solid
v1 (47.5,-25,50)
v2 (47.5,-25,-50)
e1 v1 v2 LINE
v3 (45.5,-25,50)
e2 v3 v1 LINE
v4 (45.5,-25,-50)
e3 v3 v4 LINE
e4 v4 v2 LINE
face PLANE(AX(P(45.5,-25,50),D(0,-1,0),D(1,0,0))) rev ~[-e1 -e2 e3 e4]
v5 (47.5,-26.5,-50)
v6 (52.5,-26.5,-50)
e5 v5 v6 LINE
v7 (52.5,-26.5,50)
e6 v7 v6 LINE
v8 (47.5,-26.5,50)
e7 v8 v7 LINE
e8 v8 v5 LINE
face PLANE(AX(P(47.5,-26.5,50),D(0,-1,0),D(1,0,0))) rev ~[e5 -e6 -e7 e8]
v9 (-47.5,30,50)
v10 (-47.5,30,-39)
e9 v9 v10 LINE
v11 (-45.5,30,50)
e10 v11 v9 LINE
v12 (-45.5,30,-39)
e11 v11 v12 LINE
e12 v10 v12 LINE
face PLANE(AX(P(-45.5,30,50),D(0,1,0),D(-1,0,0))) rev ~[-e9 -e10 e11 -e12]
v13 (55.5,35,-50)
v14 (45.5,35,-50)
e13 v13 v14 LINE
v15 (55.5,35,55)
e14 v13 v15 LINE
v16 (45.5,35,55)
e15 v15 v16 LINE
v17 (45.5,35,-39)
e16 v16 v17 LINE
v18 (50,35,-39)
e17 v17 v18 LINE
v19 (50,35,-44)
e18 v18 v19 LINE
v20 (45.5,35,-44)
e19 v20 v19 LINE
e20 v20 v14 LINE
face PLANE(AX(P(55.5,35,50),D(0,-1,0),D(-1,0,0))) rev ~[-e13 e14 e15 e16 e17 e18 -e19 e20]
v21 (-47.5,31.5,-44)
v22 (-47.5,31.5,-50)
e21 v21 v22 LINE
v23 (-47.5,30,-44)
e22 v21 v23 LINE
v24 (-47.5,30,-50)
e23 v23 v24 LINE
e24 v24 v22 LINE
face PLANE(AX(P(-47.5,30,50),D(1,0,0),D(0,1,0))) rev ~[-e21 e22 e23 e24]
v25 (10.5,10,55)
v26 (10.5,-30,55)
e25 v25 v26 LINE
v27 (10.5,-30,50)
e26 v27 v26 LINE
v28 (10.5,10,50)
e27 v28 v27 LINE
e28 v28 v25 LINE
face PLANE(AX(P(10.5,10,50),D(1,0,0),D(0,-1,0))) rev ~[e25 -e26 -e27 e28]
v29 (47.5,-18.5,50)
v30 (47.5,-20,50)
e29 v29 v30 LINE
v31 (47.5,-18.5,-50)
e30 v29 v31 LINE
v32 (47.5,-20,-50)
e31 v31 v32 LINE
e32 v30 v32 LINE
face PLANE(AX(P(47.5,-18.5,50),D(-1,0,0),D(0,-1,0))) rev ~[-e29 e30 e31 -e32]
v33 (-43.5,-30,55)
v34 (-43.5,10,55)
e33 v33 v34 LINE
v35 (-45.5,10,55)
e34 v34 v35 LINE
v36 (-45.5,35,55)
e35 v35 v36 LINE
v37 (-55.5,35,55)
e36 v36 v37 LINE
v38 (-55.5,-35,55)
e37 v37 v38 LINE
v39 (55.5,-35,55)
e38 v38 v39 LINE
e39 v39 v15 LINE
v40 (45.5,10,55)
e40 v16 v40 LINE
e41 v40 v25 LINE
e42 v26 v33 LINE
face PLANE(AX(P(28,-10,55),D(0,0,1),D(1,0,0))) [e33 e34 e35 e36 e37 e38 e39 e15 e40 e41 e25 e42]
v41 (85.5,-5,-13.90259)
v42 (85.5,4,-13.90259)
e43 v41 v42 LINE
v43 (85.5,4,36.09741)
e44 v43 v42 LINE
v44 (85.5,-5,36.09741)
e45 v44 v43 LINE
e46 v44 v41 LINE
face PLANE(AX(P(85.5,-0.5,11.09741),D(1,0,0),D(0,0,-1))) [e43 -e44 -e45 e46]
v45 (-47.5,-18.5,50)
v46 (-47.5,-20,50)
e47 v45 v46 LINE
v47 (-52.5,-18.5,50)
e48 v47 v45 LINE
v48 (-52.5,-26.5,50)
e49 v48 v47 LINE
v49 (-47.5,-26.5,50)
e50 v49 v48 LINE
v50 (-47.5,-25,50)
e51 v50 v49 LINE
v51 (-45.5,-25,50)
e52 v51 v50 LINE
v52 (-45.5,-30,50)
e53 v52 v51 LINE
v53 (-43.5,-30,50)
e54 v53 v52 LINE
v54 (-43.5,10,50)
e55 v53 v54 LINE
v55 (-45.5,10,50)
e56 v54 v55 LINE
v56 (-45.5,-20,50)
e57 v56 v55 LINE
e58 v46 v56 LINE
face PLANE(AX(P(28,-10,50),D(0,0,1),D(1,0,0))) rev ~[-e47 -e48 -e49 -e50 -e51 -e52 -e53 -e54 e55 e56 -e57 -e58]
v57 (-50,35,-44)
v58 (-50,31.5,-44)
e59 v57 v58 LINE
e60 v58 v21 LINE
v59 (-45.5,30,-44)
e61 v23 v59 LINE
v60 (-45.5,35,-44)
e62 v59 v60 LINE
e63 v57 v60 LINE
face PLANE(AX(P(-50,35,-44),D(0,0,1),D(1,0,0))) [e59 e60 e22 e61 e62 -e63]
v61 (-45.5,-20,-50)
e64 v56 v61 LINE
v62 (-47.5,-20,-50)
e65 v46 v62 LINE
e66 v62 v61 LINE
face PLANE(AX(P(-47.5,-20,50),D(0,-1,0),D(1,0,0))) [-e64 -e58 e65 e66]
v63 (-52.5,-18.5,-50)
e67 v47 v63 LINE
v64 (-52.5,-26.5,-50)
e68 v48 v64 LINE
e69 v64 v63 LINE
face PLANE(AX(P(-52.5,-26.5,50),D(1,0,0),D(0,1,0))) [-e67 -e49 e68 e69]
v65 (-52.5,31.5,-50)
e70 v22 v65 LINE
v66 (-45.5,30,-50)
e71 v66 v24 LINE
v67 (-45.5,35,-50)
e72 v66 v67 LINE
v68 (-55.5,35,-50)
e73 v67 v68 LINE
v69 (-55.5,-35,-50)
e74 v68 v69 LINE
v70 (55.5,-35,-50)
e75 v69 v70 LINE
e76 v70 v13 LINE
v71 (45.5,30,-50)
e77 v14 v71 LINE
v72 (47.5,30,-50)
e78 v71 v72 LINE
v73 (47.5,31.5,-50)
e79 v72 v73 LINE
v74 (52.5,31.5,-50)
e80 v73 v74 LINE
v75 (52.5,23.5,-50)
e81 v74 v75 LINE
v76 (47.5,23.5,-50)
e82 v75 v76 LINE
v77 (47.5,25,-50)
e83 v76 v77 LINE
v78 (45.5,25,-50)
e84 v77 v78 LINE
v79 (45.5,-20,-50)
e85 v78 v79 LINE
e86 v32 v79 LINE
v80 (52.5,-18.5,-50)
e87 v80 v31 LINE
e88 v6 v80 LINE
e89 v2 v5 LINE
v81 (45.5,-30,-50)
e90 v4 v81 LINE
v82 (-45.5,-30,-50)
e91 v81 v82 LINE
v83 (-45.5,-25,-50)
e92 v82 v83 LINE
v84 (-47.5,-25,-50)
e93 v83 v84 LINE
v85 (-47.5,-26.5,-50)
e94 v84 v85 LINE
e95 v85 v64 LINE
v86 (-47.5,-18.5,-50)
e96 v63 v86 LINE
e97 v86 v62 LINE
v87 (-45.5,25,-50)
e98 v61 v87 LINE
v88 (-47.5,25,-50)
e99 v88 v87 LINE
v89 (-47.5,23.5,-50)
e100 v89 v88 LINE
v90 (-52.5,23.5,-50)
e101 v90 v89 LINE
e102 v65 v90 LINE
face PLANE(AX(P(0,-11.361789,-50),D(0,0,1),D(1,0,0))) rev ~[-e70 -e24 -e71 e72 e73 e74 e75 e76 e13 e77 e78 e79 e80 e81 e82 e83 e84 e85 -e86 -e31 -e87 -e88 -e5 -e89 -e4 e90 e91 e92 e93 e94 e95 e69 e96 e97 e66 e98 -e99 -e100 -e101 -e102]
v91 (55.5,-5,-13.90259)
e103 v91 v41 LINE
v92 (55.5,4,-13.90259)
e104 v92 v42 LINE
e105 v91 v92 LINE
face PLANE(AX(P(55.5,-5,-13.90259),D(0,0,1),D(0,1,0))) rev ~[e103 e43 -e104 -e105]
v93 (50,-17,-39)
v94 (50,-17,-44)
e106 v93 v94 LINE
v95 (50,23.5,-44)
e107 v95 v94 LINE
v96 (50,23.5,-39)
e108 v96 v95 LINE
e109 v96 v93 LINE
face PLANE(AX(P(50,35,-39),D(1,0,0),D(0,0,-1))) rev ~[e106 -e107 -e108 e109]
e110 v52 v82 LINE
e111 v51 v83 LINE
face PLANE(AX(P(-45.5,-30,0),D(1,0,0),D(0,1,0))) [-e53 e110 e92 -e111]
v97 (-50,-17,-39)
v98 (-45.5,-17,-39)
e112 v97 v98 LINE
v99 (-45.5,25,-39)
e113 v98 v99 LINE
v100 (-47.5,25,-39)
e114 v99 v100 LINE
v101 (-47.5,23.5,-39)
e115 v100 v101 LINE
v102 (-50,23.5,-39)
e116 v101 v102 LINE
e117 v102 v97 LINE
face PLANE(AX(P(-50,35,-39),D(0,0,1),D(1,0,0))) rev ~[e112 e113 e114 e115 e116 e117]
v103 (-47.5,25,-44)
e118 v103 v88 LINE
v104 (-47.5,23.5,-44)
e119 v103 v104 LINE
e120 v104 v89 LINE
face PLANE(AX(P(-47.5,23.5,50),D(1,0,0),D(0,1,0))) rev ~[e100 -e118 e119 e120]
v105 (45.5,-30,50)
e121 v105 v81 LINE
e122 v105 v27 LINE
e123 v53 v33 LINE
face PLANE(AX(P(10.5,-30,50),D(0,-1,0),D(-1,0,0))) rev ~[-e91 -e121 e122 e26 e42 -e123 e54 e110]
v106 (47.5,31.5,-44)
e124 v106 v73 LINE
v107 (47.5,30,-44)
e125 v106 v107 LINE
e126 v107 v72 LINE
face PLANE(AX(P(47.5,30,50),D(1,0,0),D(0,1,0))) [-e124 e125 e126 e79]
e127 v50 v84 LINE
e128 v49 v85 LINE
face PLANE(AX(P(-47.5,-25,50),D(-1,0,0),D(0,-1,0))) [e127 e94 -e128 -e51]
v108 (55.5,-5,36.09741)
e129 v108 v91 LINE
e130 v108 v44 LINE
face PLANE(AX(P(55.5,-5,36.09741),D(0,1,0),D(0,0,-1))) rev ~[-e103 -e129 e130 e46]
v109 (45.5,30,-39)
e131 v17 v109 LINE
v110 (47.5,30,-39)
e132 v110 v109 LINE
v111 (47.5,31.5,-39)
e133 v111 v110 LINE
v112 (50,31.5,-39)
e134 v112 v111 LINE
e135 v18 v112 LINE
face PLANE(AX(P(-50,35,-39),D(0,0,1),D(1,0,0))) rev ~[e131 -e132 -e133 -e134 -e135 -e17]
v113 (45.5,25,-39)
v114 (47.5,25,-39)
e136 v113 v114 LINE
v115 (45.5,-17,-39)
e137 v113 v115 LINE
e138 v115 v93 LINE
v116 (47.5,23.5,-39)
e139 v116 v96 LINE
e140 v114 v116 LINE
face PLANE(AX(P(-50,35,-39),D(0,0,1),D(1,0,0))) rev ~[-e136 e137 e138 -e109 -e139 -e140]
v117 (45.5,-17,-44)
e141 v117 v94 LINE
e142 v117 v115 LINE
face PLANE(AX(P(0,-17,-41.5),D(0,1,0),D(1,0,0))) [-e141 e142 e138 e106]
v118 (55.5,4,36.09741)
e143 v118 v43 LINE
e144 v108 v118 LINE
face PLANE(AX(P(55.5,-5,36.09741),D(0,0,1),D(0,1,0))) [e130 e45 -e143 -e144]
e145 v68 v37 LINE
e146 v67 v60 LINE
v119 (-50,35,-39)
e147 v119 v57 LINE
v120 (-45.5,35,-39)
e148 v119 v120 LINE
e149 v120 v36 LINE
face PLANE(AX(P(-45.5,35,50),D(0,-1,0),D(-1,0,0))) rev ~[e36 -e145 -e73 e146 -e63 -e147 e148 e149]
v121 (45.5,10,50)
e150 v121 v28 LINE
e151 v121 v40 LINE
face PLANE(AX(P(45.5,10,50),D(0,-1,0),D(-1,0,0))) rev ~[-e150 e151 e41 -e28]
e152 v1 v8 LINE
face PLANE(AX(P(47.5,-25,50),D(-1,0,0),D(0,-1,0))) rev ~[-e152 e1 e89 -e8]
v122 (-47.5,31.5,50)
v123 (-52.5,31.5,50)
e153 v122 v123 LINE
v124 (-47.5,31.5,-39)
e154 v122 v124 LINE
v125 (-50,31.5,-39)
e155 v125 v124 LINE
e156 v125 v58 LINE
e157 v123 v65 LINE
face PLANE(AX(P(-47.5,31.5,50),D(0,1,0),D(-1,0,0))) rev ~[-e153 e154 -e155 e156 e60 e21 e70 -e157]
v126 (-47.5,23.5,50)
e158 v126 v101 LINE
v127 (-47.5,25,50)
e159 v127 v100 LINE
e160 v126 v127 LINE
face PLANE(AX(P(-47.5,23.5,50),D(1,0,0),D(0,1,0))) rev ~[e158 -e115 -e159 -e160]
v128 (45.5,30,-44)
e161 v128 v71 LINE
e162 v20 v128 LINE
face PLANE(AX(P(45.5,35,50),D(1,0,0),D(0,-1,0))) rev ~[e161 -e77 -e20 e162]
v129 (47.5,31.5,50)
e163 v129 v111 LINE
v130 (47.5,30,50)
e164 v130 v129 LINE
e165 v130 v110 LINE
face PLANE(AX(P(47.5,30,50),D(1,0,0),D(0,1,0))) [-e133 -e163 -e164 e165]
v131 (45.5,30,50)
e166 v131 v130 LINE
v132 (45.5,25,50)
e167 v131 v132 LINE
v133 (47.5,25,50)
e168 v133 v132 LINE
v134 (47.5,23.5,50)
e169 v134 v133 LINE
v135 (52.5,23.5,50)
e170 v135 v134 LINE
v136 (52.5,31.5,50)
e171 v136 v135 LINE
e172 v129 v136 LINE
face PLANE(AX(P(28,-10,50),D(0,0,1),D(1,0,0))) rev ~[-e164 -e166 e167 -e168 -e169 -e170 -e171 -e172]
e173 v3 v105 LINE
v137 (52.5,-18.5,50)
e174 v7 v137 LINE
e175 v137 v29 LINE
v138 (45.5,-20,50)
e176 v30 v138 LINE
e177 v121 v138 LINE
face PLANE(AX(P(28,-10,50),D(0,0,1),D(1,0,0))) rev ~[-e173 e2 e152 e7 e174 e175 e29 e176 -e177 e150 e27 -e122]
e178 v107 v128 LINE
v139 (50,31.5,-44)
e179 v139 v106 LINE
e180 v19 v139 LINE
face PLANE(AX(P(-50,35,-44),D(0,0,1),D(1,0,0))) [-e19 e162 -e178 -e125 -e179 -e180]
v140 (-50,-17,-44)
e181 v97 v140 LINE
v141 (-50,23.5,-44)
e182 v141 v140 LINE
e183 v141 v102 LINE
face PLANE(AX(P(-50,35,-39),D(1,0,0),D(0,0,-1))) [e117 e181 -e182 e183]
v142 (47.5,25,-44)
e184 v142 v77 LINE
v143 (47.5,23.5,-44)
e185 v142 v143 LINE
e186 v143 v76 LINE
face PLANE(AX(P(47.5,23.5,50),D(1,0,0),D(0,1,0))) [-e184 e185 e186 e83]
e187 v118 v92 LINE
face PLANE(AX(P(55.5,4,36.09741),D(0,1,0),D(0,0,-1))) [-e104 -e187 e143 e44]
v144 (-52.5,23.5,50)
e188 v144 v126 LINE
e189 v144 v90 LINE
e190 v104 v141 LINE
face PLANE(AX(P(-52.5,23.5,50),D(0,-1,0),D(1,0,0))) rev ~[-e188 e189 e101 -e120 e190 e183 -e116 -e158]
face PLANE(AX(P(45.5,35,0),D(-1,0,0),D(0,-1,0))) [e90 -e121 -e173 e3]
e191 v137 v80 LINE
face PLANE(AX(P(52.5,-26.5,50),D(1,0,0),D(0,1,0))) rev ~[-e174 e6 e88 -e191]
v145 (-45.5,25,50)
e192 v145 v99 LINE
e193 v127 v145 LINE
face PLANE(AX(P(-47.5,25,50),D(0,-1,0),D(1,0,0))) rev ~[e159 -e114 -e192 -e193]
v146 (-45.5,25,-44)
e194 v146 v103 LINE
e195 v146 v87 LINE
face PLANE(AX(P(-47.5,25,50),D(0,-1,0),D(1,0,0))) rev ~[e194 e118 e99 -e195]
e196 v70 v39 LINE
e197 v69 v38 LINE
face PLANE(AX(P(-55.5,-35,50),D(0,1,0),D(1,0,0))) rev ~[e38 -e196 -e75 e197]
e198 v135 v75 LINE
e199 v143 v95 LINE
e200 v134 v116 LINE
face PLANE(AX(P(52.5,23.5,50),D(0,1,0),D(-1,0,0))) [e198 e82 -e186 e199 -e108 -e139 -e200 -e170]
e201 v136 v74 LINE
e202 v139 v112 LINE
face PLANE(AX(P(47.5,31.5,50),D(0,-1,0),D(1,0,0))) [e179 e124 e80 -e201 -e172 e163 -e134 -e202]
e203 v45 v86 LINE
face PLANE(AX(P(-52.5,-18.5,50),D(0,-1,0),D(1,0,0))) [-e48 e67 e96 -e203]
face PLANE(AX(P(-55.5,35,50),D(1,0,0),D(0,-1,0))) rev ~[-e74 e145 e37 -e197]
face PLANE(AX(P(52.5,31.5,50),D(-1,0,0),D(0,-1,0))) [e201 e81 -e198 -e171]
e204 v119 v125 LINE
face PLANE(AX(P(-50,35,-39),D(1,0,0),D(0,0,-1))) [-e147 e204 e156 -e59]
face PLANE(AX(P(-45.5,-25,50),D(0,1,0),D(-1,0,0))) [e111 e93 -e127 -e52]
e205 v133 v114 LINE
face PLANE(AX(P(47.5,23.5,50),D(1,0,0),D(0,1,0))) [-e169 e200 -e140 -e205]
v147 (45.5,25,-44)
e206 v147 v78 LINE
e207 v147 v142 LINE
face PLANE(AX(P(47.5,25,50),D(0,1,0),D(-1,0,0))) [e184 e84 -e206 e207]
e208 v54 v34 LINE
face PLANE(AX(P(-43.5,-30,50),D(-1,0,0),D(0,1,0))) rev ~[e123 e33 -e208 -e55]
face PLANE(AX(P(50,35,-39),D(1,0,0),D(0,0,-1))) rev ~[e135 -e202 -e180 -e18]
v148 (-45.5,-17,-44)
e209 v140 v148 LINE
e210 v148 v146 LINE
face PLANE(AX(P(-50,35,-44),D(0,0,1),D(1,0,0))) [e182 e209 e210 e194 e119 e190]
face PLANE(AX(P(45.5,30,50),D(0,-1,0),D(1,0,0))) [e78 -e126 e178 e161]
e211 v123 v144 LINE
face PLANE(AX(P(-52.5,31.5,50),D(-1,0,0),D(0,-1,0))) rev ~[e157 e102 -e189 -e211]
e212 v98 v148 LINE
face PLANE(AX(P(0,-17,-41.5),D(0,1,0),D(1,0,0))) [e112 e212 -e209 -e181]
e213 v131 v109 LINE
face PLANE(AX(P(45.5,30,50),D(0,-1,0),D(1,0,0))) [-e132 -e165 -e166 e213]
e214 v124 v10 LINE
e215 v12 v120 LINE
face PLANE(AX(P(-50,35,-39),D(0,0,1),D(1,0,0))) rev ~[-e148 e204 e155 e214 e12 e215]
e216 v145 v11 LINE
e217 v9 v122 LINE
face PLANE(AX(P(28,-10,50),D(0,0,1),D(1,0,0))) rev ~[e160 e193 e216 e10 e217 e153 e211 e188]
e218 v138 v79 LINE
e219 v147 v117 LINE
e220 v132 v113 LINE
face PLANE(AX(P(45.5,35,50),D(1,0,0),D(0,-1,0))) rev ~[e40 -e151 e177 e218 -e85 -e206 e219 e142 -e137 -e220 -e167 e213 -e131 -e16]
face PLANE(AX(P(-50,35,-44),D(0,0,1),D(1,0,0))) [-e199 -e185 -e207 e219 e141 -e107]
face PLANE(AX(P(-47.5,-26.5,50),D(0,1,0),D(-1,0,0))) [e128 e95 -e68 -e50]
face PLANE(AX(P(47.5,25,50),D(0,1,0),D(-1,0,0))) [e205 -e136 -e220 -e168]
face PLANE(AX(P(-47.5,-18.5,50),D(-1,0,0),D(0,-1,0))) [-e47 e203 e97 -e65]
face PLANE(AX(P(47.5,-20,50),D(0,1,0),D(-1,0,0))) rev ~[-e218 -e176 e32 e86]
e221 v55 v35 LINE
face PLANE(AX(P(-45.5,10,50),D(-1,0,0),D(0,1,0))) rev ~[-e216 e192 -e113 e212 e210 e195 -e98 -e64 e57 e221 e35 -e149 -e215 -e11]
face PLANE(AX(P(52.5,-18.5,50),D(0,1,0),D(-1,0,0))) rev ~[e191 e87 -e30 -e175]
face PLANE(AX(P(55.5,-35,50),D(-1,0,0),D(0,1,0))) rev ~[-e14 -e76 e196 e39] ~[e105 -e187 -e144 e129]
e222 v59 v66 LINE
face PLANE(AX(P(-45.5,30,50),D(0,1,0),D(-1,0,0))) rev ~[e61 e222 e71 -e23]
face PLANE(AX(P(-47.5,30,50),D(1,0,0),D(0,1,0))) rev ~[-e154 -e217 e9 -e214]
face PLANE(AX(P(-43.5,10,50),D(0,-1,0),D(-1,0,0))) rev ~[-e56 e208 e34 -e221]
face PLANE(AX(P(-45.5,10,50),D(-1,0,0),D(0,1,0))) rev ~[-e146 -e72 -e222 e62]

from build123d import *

# Parameters (mm, degrees)
BOSS_EXTRUDE1_DEPTH = 50
CUT_EXTRUDE3_DEPTH  = 120.604556769
BOSS_EXTRUDE2_DEPTH = 5
CUT_EXTRUDE4_START  = 35
SKETCH4_W           = 100
SKETCH4_H           = 5
CUT_EXTRUDE4_DEPTH  = 52
SKETCH5_W           = 50
SKETCH5_H           = 9
BOSS_EXTRUDE3_DEPTH = 30


with BuildPart() as part:
    # Sketch1 → Boss-Extrude1 (new, symmetric)
    with BuildSketch(Plane.XY):
        Polygon((-45.5, 30), (-45.5, 35), (-55.5, 35), (-55.5, -35), (55.5, -35), (55.5, 35), (45.5, 35), (45.5, 30), (45.5, -30), (-45.5, -30), align=None)
    extrude(amount=BOSS_EXTRUDE1_DEPTH, both=True)

    # Sketch2 → Cut-Extrude3 (cut, through all)
    with BuildSketch(Plane.XY.offset(50)):
        Polygon((-47.5, 25), (-45.5, 25), (-45.5, 30), (-47.5, 30), (-47.5, 31.5), (-52.5, 31.5), (-52.5, 23.5), (-47.5, 23.5), align=None)
        Polygon((47.5, 23.5), (47.5, 25), (45.5, 25), (45.5, 30), (47.5, 30), (47.5, 31.5), (52.5, 31.5), (52.5, 23.5), align=None)
        Polygon((47.5, -20), (45.5, -20), (45.5, -25), (47.5, -25), (47.5, -26.5), (52.5, -26.5), (52.5, -18.5), (47.5, -18.5), align=None)
        Polygon((-47.5, -18.5), (-47.5, -20), (-45.5, -20), (-45.5, -25), (-47.5, -25), (-47.5, -26.5), (-52.5, -26.5), (-52.5, -18.5), align=None)
    extrude(amount=-CUT_EXTRUDE3_DEPTH, mode=Mode.SUBTRACT)

    # Sketch3 → Boss-Extrude2 (add)
    with BuildSketch(Plane.XY.offset(50)):
        Polygon((10.5, 10), (10.5, -30), (45.5, -30), (45.5, -25), (45.5, -20), (45.5, 10), align=None)
        Polygon((-45.5, 35), (-55.5, 35), (-55.5, -35), (55.5, -35), (55.5, 35), (45.5, 35), (45.5, 30), (47.5, 30), (47.5, 31.5), (52.5, 31.5), (52.5, 23.5), (47.5, 23.5), (47.5, 25), (45.5, 25), (45.5, 10), (45.5, -20), (47.5, -20), (47.5, -18.5), (52.5, -18.5), (52.5, -26.5), (47.5, -26.5), (47.5, -25), (45.5, -25), (45.5, -30), (10.5, -30), (-43.5, -30), (-45.5, -30), (-45.5, -25), (-47.5, -25), (-47.5, -26.5), (-52.5, -26.5), (-52.5, -18.5), (-47.5, -18.5), (-47.5, -20), (-45.5, -20), (-45.5, 10), (-45.5, 25), (-47.5, 25), (-47.5, 23.5), (-52.5, 23.5), (-52.5, 31.5), (-47.5, 31.5), (-47.5, 30), (-45.5, 30), align=None)
        Polygon((-43.5, 10), (-45.5, 10), (-45.5, -20), (-45.5, -25), (-45.5, -30), (-43.5, -30), align=None)
        Polygon((47.5, -20), (45.5, -20), (45.5, -25), (47.5, -25), (47.5, -26.5), (52.5, -26.5), (52.5, -18.5), (47.5, -18.5), align=None)
        Polygon((47.5, 30), (45.5, 30), (45.5, 25), (47.5, 25), (47.5, 23.5), (52.5, 23.5), (52.5, 31.5), (47.5, 31.5), align=None)
        Polygon((-45.5, -25), (-45.5, -20), (-47.5, -20), (-47.5, -18.5), (-52.5, -18.5), (-52.5, -26.5), (-47.5, -26.5), (-47.5, -25), align=None)
        Polygon((-45.5, 25), (-45.5, 30), (-47.5, 30), (-47.5, 31.5), (-52.5, 31.5), (-52.5, 23.5), (-47.5, 23.5), (-47.5, 25), align=None)
    extrude(amount=BOSS_EXTRUDE2_DEPTH)

    # Sketch4 → Cut-Extrude4 (cut)
    with BuildSketch(Plane(origin=(0, 0, 0), x_dir=(1, 0, 0), z_dir=(0, 1, 0)).offset(CUT_EXTRUDE4_START)):
        with Locations((0, 41.5)):
            Rectangle(SKETCH4_W, SKETCH4_H)
    extrude(amount=-CUT_EXTRUDE4_DEPTH, mode=Mode.SUBTRACT)

    # Sketch5 → Boss-Extrude3 (add)
    with BuildSketch(Plane(origin=(55.5, 0, 0), x_dir=(0, 0, -1), z_dir=(1, 0, 0))):
        with Locations((-11.097410489, -0.5)):
            Rectangle(SKETCH5_W, SKETCH5_H)
    extrude(amount=BOSS_EXTRUDE3_DEPTH)


solid = part.part
